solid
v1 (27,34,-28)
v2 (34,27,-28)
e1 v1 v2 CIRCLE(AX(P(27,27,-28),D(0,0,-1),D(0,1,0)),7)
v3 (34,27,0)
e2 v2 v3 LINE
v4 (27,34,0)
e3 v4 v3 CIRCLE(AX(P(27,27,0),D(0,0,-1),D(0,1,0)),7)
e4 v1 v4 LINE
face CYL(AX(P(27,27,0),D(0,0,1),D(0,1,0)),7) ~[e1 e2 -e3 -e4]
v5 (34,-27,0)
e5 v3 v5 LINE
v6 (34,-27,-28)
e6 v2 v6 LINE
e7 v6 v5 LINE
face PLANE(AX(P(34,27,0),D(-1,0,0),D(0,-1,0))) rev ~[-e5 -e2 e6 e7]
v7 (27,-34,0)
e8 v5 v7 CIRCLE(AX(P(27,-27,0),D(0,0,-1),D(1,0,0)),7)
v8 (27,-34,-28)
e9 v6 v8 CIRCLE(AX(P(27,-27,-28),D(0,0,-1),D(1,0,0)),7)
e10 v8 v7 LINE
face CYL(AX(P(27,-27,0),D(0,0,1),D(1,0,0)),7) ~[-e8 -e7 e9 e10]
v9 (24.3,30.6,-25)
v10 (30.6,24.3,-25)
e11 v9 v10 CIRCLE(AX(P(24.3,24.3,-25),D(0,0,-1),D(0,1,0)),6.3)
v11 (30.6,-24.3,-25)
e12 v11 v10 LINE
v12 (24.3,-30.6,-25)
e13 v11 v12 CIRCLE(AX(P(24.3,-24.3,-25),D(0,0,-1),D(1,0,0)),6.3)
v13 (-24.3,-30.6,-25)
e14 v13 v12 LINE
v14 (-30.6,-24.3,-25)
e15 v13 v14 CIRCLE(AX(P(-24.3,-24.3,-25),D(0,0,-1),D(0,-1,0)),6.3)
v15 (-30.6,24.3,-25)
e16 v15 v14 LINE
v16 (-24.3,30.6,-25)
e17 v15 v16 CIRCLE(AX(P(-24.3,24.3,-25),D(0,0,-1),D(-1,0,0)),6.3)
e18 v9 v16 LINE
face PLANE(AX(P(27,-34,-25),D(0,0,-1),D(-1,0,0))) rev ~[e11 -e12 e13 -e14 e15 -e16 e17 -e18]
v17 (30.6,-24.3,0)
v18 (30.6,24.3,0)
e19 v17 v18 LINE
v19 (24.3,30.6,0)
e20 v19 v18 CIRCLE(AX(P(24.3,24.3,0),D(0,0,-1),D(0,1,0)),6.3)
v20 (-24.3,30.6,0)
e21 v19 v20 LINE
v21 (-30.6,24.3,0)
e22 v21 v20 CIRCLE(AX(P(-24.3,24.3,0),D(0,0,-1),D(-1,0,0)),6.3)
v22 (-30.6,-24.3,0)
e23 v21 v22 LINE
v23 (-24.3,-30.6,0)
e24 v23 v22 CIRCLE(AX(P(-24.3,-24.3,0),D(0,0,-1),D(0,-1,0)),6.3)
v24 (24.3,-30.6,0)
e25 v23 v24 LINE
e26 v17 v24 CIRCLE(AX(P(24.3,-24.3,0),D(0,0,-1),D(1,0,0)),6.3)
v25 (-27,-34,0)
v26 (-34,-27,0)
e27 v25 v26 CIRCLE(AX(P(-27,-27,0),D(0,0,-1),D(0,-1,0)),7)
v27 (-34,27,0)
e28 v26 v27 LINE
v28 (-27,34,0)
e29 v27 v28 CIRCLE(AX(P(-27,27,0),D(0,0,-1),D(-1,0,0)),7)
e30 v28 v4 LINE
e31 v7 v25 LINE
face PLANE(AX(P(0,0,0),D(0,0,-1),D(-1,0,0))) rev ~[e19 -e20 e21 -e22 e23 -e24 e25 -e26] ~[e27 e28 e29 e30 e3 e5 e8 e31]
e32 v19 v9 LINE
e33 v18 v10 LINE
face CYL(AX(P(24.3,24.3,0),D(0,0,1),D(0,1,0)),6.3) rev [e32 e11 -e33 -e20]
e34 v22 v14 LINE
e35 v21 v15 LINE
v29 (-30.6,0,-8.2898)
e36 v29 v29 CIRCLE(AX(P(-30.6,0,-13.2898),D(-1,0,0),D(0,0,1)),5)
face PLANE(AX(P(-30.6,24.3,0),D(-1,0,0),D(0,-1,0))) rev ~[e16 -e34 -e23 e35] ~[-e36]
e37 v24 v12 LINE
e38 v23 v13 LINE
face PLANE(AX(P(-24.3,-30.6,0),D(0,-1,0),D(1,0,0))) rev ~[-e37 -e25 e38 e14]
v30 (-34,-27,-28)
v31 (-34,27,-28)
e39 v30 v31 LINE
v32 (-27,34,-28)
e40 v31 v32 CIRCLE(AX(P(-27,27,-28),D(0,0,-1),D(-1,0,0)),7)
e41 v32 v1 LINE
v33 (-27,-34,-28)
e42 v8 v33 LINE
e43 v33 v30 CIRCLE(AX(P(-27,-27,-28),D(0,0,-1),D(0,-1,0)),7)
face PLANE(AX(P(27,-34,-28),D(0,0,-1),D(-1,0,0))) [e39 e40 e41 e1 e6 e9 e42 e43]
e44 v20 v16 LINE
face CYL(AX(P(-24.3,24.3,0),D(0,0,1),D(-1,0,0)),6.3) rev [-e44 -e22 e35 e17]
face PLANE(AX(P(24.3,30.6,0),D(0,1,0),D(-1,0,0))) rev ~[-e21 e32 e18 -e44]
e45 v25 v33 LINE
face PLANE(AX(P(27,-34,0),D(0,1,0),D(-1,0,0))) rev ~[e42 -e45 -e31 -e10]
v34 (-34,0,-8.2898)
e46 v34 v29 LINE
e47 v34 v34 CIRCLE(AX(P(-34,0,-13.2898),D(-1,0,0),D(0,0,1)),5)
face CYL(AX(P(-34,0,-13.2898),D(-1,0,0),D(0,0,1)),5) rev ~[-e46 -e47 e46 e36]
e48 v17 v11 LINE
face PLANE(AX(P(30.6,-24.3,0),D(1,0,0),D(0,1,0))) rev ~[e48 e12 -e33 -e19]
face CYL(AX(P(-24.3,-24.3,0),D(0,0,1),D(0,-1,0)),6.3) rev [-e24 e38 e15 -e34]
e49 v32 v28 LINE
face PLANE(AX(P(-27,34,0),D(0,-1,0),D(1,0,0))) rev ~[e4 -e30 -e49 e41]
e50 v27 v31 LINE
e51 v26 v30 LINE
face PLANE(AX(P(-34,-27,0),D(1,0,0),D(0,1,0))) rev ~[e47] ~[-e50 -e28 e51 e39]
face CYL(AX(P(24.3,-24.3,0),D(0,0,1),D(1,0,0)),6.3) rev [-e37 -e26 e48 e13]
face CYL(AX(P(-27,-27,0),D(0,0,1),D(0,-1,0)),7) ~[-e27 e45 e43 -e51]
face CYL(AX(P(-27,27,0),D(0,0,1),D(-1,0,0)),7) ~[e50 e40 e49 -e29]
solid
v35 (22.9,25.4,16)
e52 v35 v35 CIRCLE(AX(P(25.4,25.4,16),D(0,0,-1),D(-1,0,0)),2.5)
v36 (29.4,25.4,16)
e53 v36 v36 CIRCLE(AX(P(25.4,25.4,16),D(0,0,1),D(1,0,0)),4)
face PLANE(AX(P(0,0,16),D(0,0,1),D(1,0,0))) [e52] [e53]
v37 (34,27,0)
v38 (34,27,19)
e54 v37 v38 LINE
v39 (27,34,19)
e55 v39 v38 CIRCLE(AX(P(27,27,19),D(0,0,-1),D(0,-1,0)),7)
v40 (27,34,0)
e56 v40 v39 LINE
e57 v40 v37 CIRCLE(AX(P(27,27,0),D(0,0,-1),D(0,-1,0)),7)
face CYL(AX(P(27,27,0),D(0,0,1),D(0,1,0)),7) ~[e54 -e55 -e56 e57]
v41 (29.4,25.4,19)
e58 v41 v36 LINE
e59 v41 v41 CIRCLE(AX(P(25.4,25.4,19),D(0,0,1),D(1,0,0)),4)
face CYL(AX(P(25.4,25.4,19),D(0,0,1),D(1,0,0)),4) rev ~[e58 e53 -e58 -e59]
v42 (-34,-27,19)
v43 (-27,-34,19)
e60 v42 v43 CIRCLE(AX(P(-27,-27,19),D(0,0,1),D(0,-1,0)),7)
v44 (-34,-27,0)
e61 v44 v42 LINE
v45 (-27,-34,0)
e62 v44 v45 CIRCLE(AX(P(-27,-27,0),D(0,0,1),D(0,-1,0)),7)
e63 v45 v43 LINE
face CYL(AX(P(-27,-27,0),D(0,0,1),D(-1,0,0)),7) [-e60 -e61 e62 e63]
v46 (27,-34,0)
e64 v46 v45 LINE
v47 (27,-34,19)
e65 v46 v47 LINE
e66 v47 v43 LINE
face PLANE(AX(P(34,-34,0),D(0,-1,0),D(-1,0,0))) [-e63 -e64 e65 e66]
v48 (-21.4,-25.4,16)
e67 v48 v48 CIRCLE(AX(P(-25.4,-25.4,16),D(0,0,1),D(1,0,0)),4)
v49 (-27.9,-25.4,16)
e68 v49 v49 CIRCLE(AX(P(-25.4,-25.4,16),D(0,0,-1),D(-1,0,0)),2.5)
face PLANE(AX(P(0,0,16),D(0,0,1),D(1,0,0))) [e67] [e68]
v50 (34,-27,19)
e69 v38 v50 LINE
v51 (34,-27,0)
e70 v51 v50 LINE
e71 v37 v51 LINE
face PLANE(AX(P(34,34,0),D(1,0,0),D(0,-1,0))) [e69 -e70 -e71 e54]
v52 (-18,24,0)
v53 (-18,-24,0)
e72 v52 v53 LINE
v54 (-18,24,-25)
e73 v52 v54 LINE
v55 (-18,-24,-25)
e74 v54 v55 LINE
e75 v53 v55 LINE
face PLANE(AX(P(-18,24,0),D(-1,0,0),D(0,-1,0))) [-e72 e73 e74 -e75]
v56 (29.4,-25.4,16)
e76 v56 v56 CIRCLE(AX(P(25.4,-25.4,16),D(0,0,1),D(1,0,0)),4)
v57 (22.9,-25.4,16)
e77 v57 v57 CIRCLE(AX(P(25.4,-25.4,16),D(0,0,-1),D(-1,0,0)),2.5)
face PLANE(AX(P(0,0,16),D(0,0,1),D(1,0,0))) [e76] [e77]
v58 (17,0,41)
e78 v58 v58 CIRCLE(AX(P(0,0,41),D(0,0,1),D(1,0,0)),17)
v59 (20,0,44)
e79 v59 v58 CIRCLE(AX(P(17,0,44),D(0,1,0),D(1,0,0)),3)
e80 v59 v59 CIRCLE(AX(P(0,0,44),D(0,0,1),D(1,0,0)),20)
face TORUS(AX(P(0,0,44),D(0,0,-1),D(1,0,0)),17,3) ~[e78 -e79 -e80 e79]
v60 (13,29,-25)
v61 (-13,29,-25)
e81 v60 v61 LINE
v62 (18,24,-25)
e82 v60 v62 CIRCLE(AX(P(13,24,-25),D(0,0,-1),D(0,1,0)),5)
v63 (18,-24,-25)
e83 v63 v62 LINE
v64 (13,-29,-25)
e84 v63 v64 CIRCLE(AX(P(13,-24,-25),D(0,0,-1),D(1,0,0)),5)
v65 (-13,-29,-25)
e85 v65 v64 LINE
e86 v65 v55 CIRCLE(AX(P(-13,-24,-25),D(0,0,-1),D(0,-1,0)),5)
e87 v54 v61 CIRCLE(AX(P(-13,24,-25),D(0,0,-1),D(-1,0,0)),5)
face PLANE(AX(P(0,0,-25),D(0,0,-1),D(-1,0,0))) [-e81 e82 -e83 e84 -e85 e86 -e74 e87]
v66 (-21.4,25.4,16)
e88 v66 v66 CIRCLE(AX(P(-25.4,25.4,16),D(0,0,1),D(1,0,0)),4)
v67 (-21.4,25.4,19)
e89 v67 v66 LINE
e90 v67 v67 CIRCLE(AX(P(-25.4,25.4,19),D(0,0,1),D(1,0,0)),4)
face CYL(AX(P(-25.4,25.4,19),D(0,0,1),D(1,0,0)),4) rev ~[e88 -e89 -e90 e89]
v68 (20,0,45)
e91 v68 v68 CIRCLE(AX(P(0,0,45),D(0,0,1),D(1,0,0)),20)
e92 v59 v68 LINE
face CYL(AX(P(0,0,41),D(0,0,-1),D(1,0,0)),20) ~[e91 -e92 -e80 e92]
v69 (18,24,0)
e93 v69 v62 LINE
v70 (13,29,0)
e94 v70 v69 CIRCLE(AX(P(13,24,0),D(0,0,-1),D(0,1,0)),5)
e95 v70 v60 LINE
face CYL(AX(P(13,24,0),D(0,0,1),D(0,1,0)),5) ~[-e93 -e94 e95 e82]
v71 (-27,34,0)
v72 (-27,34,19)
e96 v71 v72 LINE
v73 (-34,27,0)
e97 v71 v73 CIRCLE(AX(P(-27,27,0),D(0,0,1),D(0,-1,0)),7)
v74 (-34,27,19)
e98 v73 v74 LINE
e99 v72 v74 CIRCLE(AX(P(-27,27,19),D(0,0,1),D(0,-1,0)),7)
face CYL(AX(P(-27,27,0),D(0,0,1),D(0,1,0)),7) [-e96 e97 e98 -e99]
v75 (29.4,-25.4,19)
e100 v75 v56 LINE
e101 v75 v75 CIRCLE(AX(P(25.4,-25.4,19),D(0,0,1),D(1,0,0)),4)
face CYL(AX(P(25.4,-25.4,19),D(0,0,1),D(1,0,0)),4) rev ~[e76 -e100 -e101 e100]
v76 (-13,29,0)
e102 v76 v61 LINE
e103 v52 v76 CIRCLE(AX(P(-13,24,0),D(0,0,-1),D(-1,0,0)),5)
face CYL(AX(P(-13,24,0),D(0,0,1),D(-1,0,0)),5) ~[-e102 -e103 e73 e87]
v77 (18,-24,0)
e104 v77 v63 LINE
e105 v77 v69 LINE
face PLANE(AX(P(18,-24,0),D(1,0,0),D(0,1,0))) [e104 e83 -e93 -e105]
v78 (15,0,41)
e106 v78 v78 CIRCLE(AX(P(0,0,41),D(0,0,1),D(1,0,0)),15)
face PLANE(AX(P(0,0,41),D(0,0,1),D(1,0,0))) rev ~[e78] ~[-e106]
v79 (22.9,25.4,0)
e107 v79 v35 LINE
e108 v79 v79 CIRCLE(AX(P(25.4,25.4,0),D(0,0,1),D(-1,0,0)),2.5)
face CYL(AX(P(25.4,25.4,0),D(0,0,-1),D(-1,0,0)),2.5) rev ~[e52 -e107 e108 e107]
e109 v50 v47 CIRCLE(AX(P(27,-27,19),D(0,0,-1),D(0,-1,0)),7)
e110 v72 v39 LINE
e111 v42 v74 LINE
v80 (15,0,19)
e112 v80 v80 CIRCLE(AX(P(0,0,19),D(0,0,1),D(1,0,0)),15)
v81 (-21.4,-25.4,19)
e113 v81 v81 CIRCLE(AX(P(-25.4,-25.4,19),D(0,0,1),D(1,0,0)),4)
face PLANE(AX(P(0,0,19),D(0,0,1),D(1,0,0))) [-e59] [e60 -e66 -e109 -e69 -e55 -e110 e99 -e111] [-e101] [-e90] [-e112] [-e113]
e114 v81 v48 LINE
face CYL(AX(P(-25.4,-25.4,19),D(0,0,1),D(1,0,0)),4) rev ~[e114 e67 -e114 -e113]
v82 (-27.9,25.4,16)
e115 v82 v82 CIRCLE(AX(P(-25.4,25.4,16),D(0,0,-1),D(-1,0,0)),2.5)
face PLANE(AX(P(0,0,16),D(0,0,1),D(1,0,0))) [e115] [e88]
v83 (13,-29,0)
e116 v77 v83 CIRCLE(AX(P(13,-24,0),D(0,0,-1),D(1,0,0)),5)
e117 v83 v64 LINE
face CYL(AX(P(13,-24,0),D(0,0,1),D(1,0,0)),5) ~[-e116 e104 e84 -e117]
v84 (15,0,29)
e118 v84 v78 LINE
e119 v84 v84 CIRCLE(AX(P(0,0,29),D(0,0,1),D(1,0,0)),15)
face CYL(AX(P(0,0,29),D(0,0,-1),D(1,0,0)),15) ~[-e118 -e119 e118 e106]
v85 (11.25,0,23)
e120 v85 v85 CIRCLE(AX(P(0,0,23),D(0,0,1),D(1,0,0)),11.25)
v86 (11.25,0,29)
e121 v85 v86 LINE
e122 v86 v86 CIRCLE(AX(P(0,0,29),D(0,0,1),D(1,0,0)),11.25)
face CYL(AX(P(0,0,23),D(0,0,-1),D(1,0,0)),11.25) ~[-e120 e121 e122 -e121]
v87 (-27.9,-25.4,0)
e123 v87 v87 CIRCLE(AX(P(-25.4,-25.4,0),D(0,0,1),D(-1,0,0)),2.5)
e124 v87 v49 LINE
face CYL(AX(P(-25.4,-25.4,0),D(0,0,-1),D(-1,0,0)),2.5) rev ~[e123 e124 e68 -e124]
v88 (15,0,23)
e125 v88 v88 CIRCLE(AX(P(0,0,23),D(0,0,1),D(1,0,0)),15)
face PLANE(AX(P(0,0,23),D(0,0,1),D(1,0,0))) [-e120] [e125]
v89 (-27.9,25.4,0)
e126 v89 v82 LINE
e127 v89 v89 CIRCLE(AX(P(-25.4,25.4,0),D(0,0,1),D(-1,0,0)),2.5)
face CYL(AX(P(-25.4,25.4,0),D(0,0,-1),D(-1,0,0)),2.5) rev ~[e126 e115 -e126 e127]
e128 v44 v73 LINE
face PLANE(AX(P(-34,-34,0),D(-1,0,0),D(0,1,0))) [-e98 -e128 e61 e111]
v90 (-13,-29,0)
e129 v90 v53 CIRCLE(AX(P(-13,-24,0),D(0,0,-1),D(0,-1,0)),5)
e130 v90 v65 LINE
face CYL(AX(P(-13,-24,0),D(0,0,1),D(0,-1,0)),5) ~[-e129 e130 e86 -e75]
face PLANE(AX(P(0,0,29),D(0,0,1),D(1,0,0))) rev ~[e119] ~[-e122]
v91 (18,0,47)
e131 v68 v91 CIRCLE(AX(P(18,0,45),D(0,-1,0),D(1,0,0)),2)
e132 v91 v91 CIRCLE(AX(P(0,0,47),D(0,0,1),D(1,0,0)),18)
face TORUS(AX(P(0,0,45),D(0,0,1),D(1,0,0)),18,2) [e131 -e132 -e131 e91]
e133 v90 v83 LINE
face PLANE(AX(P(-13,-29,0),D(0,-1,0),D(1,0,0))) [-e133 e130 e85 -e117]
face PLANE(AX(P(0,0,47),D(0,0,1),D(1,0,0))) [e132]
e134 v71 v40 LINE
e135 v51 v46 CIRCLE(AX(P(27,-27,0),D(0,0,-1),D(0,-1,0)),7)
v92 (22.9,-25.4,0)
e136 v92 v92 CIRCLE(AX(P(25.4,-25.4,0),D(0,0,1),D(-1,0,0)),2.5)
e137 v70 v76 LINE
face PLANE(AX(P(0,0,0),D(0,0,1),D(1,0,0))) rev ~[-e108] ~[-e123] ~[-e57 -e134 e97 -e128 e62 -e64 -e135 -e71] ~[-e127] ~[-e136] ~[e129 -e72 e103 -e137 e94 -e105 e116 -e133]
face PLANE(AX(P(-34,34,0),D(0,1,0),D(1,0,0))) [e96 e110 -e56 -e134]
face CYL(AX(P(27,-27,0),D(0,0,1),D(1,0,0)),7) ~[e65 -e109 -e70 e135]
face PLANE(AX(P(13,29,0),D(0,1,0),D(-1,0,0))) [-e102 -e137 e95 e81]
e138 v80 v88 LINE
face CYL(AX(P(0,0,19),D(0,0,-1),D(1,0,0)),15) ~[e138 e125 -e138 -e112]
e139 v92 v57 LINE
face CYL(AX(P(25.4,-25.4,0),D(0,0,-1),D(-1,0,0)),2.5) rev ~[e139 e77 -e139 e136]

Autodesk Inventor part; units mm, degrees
ref_plane "YZ Plane" through (0, 0, 0) normal (1, 0, 0) x (0, 1, 0)
ref_plane "XZ Plane" through (0, 0, 0) normal (0, 1, 0) x (-1, 0, 0)
ref_plane "XY Plane" through (0, 0, 0) normal (0, 0, 1) x (1, 0, 0)
sketch "Sketch1" plane through (0, 0, 0) normal (0, 0, 1) x (1, 0, 0)
  line L0 (-34, 34) -> (34, 34)
  line L1 (34, 34) -> (34, -34)
  line L2 (34, -34) -> (-34, -34)
  line L3 (-34, -34) -> (-34, 34)
  point P0 (0, 0)
  dimension "d0" = 34
  dimension "d1" = 34
  dimension "d2" = 34
  dimension "d3" = 34
extrude "Extrusion1" add sketch "Sketch1" along normal blind 19
sketch "Sketch2" plane through (0, 0, 19) normal (0, 0, 1) x (1, 0, 0)
  circle A0 centre (0, 0) radius 15
  dimension "d6" = 30
extrude "Extrusion2" add sketch "Sketch2" along normal blind 4
sketch "Sketch3" plane through (0, 0, 23) normal (0, 0, 1) x (1, 0, 0)
  circle A0 centre (0, 0) radius 11.25
  dimension "d9" = 22.5
extrude "Extrusion3" add sketch "Sketch3" along normal blind 6
sketch "Sketch4" plane through (0, 0, 29) normal (0, 0, 1) x (1, 0, 0)
  circle A0 centre (0, 0) radius 15
  dimension "d12" = 30
extrude "Extrusion4" add sketch "Sketch4" along normal blind 12
sketch "Sketch5" plane through (0, 0, 41) normal (0, 0, 1) x (1, 0, 0)
  circle A0 centre (0, 0) radius 20
  dimension "d15" = 40
extrude "Extrusion5" add sketch "Sketch5" along normal blind 6
fillet "Fillet1" radius 2 1 edges at (-20, 0, 47)
fillet "Fillet2" radius 3 1 edges at (-20, 0, 41)
fillet "Fillet3" radius 7 4 edges at (34, 34, 9.5) (-34, 34, 9.5) (34, -34, 9.5) (-34, -34, 9.5)
sketch "Sketch6" plane through (0, 0, 0) normal (0, 0, -1) x (-1, 0, 0)
  arc A0 (-27, 34) -> (-34, 27) centre (-27, 27) ccw projected
  arc A1 (27, -34) -> (34, -27) centre (27, -27) ccw projected
  line L0 (-27, 27) -> (27, -27)
  arc A2 (34, 27) -> (27, 34) centre (27, 27) ccw projected
  arc A3 (-34, -27) -> (-27, -34) centre (-27, -27) ccw projected
  line L1 (27, 27) -> (-27, -27)
  circle A4 centre (-25.4, 25.4) radius 2.5
  circle A5 centre (25.4, 25.4) radius 2.5
  circle A6 centre (25.4, -25.4) radius 2.5
  circle A7 centre (-25.4, -25.4) radius 2.5
  point P0 (0, 0)
  dimension "d21" = 5
  dimension "d22" = 25.4
  dimension "d23" = 5
  dimension "d24" = 5
  dimension "d25" = 5
extrude "Extrusion6" cut sketch "Sketch6" against normal blind 20
sketch "Sketch7" plane through (0, 0, 19) normal (0, 0, 1) x (1, 0, 0)
  circle A0 centre (-25.4, 25.4) radius 2.5 projected
  circle A1 centre (-25.4, 25.4) radius 4
  circle A2 centre (25.4, 25.4) radius 2.5 projected
  circle A3 centre (25.4, 25.4) radius 4
  circle A4 centre (25.4, -25.4) radius 2.5 projected
  circle A5 centre (25.4, -25.4) radius 4
  circle A6 centre (-25.4, -25.4) radius 2.5 projected
  circle A7 centre (-25.4, -25.4) radius 4
  point P0 (0, 0)
  dimension "d28" = 8
  dimension "d29" = 8
  dimension "d30" = 8
  dimension "d31" = 8
extrude "Extrusion7" cut sketch "Sketch7" against normal blind 3
sketch "Sketch8" plane through (0, 0, 0) normal (0, 0, -1) x (-1, 0, 0)
  line L0 (-13, 29) -> (13, 29)
  line L1 (18, 24) -> (18, -24)
  line L2 (13, -29) -> (-13, -29)
  line L3 (-18, -24) -> (-18, 24)
  arc A0 (-13, 29) -> (-18, 24) centre (-13, 24) ccw
  arc A1 (18, 24) -> (13, 29) centre (13, 24) ccw
  arc A2 (13, -29) -> (18, -24) centre (13, -24) ccw
  arc A3 (-18, -24) -> (-13, -29) centre (-13, -24) ccw
  point P0 (0, 0)
  dimension "d34" = 18
  dimension "d35" = 18
  dimension "d36" = 29
  dimension "d37" = 29
  dimension "d38" = 5
extrude "Extrusion8" add sketch "Sketch8" along normal blind 25
sketch "Sketch9" plane through (0, 0, 0) normal (0, 0, -1) x (-1, 0, 0)
  arc A0 (18, 24) -> (13, 29) centre (13, 24) ccw projected
  line L0 (18, 24) -> (18, -24) projected
  arc A1 (13, -29) -> (18, -24) centre (13, -24) ccw projected
  line L1 (13, -29) -> (-13, -29) projected
  arc A2 (-18, -24) -> (-13, -29) centre (-13, -24) ccw projected
  line L2 (-18, -24) -> (-18, 24) projected
  arc A3 (-13, 29) -> (-18, 24) centre (-13, 24) ccw projected
  line L3 (-13, 29) -> (13, 29) projected
  circle A4 centre (25.4, -25.4) radius 2.5 projected
  circle A5 centre (-25.4, 25.4) radius 2.5 projected
  circle A6 centre (25.4, 25.4) radius 2.5 projected
  circle A7 centre (-25.4, -25.4) radius 2.5 projected
  arc A8 (27, -34) -> (34, -27) centre (27, -27) ccw projected
  line L4 (34, -27) -> (34, 27) projected
  arc A9 (34, 27) -> (27, 34) centre (27, 27) ccw projected
  line L5 (27, 34) -> (-27, 34) projected
  arc A10 (-27, 34) -> (-34, 27) centre (-27, 27) ccw projected
  line L6 (-34, 27) -> (-34, -27) projected
  arc A11 (-34, -27) -> (-27, -34) centre (-27, -27) ccw projected
  line L7 (-27, -34) -> (27, -34) projected
  line L8 (-34, 27) -> (-34, -27) projected
  arc A12 (-27, 34) -> (-34, 27) centre (-27, 27) ccw projected
  line L9 (-34, -27) -> (-34, 27)
  line L10 (-27, 34) -> (27, 34)
  arc A13 (27, -34) -> (34, -27) centre (27, -27) ccw projected
  line L11 (34, 27) -> (34, -27)
  line L12 (27, -34) -> (-27, -34)
  arc A14 (-34, -27) -> (-27, -34) centre (-27, -27) ccw
  arc A15 (-27, 34) -> (-34, 27) centre (-27, 27) ccw
  line L13 (-27, 34) -> (27, 34) projected
  arc A16 (34, 27) -> (27, 34) centre (27, 27) ccw
  arc A17 (27, -34) -> (34, -27) centre (27, -27) ccw
  line L14 (-30.6, -24.3) -> (-30.6, 24.3)
  line L15 (-24.3, 30.6) -> (24.3, 30.6)
  line L16 (30.6, 24.3) -> (30.6, -24.3)
  line L17 (24.3, -30.6) -> (-24.3, -30.6)
  arc A18 (-30.6, -24.3) -> (-24.3, -30.6) centre (-24.3, -24.3) ccw
  arc A19 (-24.3, 30.6) -> (-30.6, 24.3) centre (-24.3, 24.3) ccw
  arc A20 (30.6, 24.3) -> (24.3, 30.6) centre (24.3, 24.3) ccw
  arc A21 (24.3, -30.6) -> (30.6, -24.3) centre (24.3, -24.3) ccw
  point P0 (0, 0)
  point P1 (0, 0)
extrude "Extrusion9" add sketch "Sketch9" along normal up to surface (25 mm away) separate body contours L7 A11 L6 A10 L5 A9 L4 A8
sketch "Sketch10" plane through (-34, -27, 0) normal (-1, 0, 0) x (0, 0, 1)
  circle A0 centre (-13.2898, 27) radius 5
  point P0 (0, 27)
  dimension "d43" = 10
extrude "Extrusion10" cut sketch "Sketch10" against normal blind 10 bodies 2
sketch "Sketch11" plane through (27, -34, -25) normal (0, 0, -1) x (-1, 0, 0)
  arc A0 (-3.6, 9.7) -> (2.7, 3.4) centre (2.7, 9.7) ccw projected
  line L0 (-3.6, 9.7) -> (-3.6, 58.3) projected
  arc A1 (2.7, 64.6) -> (-3.6, 58.3) centre (2.7, 58.3) ccw projected
  line L1 (2.7, 64.6) -> (51.3, 64.6) projected
  arc A2 (57.6, 58.3) -> (51.3, 64.6) centre (51.3, 58.3) ccw projected
  line L2 (57.6, 58.3) -> (57.6, 9.7) projected
  arc A3 (51.3, 3.4) -> (57.6, 9.7) centre (51.3, 9.7) ccw projected
  line L3 (51.3, 3.4) -> (2.7, 3.4) projected
  line L4 (0, 0) -> (54, 0) projected
  arc A4 (54, 0) -> (61, 7) centre (54, 7) ccw projected
  line L5 (61, 7) -> (61, 61) projected
  arc A5 (61, 61) -> (54, 68) centre (54, 61) ccw projected
  line L6 (54, 68) -> (0, 68) projected
  arc A6 (0, 68) -> (-7, 61) centre (0, 61) ccw projected
  line L7 (-7, 61) -> (-7, 7) projected
  arc A7 (-7, 7) -> (0, 0) centre (0, 7) ccw projected
  point P0 (27, 34)
extrude "Extrusion11" add sketch "Sketch11" along normal blind 3 contours L0 A1 L1 A2 L2 A3 L3 A0 | A7 L7 A6 L6 A5 L5 A4 L4 bodies 2
properties part number "E-Stop"
